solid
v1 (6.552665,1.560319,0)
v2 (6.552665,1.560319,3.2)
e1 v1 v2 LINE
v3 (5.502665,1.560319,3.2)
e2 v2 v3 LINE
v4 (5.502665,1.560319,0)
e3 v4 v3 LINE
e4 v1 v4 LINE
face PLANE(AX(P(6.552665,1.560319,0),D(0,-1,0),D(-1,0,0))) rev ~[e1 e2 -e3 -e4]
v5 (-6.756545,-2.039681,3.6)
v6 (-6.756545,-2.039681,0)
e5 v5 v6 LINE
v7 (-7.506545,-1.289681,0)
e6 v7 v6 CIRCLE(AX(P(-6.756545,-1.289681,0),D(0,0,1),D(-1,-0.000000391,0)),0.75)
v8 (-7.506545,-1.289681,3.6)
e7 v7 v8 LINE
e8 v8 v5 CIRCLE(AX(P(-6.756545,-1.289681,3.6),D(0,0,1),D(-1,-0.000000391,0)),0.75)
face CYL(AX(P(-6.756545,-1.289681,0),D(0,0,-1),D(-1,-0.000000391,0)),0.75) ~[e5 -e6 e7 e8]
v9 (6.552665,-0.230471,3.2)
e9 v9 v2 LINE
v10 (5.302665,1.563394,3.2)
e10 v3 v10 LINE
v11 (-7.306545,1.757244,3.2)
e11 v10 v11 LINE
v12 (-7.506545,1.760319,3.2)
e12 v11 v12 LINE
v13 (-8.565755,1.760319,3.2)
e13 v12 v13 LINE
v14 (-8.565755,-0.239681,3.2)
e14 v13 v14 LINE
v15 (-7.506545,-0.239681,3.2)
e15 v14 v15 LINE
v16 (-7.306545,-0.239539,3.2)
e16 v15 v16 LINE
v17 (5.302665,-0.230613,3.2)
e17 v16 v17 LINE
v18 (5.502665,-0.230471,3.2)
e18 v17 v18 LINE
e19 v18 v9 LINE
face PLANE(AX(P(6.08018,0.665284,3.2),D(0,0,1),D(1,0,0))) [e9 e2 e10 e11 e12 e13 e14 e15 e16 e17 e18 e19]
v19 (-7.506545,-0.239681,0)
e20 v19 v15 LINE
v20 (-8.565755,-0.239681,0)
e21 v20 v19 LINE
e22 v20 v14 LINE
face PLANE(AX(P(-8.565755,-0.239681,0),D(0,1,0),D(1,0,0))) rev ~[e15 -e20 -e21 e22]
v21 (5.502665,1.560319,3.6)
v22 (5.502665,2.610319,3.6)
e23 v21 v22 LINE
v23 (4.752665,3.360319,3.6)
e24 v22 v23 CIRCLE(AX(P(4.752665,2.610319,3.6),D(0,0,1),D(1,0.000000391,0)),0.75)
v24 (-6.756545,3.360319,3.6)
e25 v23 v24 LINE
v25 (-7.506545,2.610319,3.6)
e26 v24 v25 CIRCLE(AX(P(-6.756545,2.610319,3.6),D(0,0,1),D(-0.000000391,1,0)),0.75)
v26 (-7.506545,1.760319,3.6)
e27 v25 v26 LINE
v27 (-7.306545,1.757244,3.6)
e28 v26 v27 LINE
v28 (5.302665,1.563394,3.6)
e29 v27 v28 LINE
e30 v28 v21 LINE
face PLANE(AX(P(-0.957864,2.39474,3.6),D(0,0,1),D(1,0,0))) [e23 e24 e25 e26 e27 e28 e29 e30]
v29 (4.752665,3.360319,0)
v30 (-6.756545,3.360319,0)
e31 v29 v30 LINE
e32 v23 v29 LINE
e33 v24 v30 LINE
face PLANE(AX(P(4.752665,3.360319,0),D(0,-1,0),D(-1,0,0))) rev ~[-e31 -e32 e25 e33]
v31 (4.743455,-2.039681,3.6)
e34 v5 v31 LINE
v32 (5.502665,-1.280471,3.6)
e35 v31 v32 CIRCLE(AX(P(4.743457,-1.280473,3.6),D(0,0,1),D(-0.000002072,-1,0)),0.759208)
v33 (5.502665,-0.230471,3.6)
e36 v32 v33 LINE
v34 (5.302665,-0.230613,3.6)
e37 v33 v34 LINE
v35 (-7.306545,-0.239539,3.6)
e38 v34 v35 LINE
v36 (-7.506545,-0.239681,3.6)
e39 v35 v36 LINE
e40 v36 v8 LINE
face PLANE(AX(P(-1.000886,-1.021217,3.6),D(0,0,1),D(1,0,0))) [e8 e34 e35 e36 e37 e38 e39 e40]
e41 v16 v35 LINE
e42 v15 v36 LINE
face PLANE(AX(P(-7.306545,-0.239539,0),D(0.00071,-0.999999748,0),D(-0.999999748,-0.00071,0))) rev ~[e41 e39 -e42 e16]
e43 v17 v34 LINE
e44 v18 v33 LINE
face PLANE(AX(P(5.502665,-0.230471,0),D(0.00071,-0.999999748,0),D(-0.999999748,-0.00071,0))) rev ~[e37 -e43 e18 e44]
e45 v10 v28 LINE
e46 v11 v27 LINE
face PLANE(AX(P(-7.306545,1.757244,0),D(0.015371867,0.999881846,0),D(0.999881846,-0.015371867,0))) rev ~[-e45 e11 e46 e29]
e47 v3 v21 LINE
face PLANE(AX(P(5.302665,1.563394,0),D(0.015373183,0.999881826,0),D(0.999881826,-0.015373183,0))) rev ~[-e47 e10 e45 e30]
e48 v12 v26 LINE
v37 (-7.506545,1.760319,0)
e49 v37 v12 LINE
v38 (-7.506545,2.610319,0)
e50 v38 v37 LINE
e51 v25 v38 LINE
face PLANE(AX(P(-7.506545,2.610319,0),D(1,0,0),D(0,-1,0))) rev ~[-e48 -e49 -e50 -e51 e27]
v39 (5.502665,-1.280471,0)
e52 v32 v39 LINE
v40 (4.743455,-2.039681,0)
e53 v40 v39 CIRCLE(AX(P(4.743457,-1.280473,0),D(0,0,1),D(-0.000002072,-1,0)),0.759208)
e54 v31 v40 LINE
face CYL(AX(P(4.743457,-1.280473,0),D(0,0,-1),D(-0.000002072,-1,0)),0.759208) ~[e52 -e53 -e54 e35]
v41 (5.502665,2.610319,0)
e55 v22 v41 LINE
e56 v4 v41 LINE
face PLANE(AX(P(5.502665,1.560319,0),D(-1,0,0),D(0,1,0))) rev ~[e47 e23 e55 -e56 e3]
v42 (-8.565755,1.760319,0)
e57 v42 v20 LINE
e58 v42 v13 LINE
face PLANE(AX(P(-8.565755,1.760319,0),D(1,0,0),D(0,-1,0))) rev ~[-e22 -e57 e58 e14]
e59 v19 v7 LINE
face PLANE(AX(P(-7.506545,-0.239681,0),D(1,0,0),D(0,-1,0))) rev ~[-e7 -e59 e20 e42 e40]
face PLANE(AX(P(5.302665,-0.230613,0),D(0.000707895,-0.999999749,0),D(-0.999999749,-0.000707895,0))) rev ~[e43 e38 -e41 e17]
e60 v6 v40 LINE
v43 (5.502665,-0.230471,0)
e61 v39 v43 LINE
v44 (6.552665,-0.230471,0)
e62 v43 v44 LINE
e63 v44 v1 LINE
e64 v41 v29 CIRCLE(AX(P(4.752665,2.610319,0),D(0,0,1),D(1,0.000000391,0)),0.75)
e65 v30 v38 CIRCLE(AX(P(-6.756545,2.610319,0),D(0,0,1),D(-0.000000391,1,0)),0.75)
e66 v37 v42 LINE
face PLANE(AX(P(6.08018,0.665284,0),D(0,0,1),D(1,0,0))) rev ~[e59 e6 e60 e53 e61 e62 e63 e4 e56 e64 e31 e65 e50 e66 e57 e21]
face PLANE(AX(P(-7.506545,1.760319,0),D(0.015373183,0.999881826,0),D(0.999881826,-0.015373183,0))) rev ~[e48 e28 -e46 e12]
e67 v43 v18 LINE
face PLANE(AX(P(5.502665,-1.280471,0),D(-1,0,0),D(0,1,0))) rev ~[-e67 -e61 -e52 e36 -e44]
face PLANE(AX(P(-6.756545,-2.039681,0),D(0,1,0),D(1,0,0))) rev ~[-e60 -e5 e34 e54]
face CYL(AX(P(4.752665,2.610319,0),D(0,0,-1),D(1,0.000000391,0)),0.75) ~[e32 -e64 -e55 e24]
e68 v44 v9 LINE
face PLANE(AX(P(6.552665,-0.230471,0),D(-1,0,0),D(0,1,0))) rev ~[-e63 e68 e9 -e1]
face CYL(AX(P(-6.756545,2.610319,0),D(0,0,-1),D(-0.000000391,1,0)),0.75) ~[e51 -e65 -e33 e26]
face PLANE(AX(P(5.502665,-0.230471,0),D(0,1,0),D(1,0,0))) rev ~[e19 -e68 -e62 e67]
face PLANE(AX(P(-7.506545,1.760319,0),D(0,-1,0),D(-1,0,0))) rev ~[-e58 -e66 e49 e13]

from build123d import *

# Parameters (mm, degrees)
F0_W     = 1.05921
F0_H     = 1.6
F0_W_2   = 1.05
F0_H_2   = 1.39079
F1_DEPTH = 3.2
F2_DEPTH = 3.6


with BuildPart() as f1:
    # F0 (on Top) → F1 (new body)
    with BuildSketch(Plane.XY):
        Polygon((6.352665, 1.360319), (6.352665, -0.030471), (5.302665, -0.030471), (5.302665, -0.230613), (5.502665, -0.230471), (6.552665, -0.230471), (6.552665, 1.560319), (5.502665, 1.560319), (5.302665, 1.563394), (5.302665, 1.360319), align=None)
        with BuildLine():
            Line((5.502665, -0.230471), (5.302665, -0.230613))
            Line((5.302665, -0.230613), (5.302665, -1.280471))
            ThreePointArc((5.302665, -1.280471), (5.138876, -1.675892), (4.743455, -1.839681))
            Line((4.743455, -1.839681), (-6.756545, -1.839681))
            ThreePointArc((-6.756545, -1.839681), (-7.145453, -1.67859), (-7.306545, -1.289681))
            Line((-7.306545, -1.289681), (-7.306545, -0.239539))
            Line((-7.306545, -0.239539), (-7.506545, -0.239681))
            Line((-7.506545, -0.239681), (-7.506545, -1.289681))
            ThreePointArc((-7.506545, -1.289681), (-7.286875, -1.820011), (-6.756545, -2.039681))
            Line((-6.756545, -2.039681), (4.743455, -2.039681))
            ThreePointArc((4.743455, -2.039681), (5.280298, -1.817314), (5.502665, -1.280471))
            Line((5.502665, -1.280471), (5.502665, -0.230471))
        make_face()
        Polygon((-7.506545, -0.239681), (-7.306545, -0.239539), (-7.306545, -0.039681), (-8.365755, -0.039681), (-8.365755, 1.560319), (-7.306545, 1.560319), (-7.306545, 1.757244), (-7.506545, 1.760319), (-8.565755, 1.760319), (-8.565755, -0.239681), align=None)
        with BuildLine():
            Line((5.302665, 2.610319), (5.302665, 1.563394))
            Line((5.302665, 1.563394), (5.502665, 1.560319))
            Line((5.502665, 1.560319), (5.502665, 2.610319))
            ThreePointArc((5.502665, 2.610319), (5.282995, 3.140649), (4.752665, 3.360319))
            Line((4.752665, 3.360319), (-6.756545, 3.360319))
            ThreePointArc((-6.756545, 3.360319), (-7.286875, 3.140649), (-7.506545, 2.610319))
            Line((-7.506545, 2.610319), (-7.506545, 1.760319))
            Line((-7.506545, 1.760319), (-7.306545, 1.757244))
            Line((-7.306545, 1.757244), (-7.306545, 2.610319))
            ThreePointArc((-7.306545, 2.610319), (-7.145453, 2.999228), (-6.756545, 3.160319))
            Line((-6.756545, 3.160319), (4.752665, 3.160319))
            ThreePointArc((4.752665, 3.160319), (5.141574, 2.999228), (5.302665, 2.610319))
        make_face()
        with BuildLine():
            Line((-7.306545, 1.757244), (5.302665, 1.563394))
            Line((5.302665, 1.563394), (5.302665, 2.610319))
            ThreePointArc((5.302665, 2.610319), (5.141574, 2.999228), (4.752665, 3.160319))
            Line((4.752665, 3.160319), (-6.756545, 3.160319))
            ThreePointArc((-6.756545, 3.160319), (-7.145453, 2.999228), (-7.306545, 2.610319))
            Line((-7.306545, 2.610319), (-7.306545, 1.757244))
        make_face()
        with Locations((-7.83615, 0.760319)):
            Rectangle(F0_W, F0_H)
        Polygon((5.302665, -0.230613), (5.302665, -0.030471), (5.302665, 1.360319), (5.302665, 1.563394), (-7.306545, 1.757244), (-7.306545, 1.560319), (-7.306545, -0.039681), (-7.306545, -0.239539), align=None)
        with BuildLine():
            Line((5.302665, -1.280471), (5.302665, -0.230613))
            Line((5.302665, -0.230613), (-7.306545, -0.239539))
            Line((-7.306545, -0.239539), (-7.306545, -1.289681))
            ThreePointArc((-7.306545, -1.289681), (-7.145453, -1.67859), (-6.756545, -1.839681))
            Line((-6.756545, -1.839681), (4.743455, -1.839681))
            ThreePointArc((4.743455, -1.839681), (5.138876, -1.675892), (5.302665, -1.280471))
        make_face()
        with Locations((5.827665, 0.664924)):
            Rectangle(F0_W_2, F0_H_2)
    extrude(amount=F1_DEPTH)

    # F0 (on Top) → F2 (join)
    with BuildSketch(Plane.XY):
        with BuildLine():
            Line((-7.306545, 1.757244), (5.302665, 1.563394))
            Line((5.302665, 1.563394), (5.302665, 2.610319))
            ThreePointArc((5.302665, 2.610319), (5.141574, 2.999228), (4.752665, 3.160319))
            Line((4.752665, 3.160319), (-6.756545, 3.160319))
            ThreePointArc((-6.756545, 3.160319), (-7.145453, 2.999228), (-7.306545, 2.610319))
            Line((-7.306545, 2.610319), (-7.306545, 1.757244))
        make_face()
        with BuildLine():
            Line((5.302665, -1.280471), (5.302665, -0.230613))
            Line((5.302665, -0.230613), (-7.306545, -0.239539))
            Line((-7.306545, -0.239539), (-7.306545, -1.289681))
            ThreePointArc((-7.306545, -1.289681), (-7.145453, -1.67859), (-6.756545, -1.839681))
            Line((-6.756545, -1.839681), (4.743455, -1.839681))
            ThreePointArc((4.743455, -1.839681), (5.138876, -1.675892), (5.302665, -1.280471))
        make_face()
        with BuildLine():
            Line((5.502665, -0.230471), (5.302665, -0.230613))
            Line((5.302665, -0.230613), (5.302665, -1.280471))
            ThreePointArc((5.302665, -1.280471), (5.138876, -1.675892), (4.743455, -1.839681))
            Line((4.743455, -1.839681), (-6.756545, -1.839681))
            ThreePointArc((-6.756545, -1.839681), (-7.145453, -1.67859), (-7.306545, -1.289681))
            Line((-7.306545, -1.289681), (-7.306545, -0.239539))
            Line((-7.306545, -0.239539), (-7.506545, -0.239681))
            Line((-7.506545, -0.239681), (-7.506545, -1.289681))
            ThreePointArc((-7.506545, -1.289681), (-7.286875, -1.820011), (-6.756545, -2.039681))
            Line((-6.756545, -2.039681), (4.743455, -2.039681))
            ThreePointArc((4.743455, -2.039681), (5.280298, -1.817314), (5.502665, -1.280471))
            Line((5.502665, -1.280471), (5.502665, -0.230471))
        make_face()
        with BuildLine():
            Line((5.302665, 2.610319), (5.302665, 1.563394))
            Line((5.302665, 1.563394), (5.502665, 1.560319))
            Line((5.502665, 1.560319), (5.502665, 2.610319))
            ThreePointArc((5.502665, 2.610319), (5.282995, 3.140649), (4.752665, 3.360319))
            Line((4.752665, 3.360319), (-6.756545, 3.360319))
            ThreePointArc((-6.756545, 3.360319), (-7.286875, 3.140649), (-7.506545, 2.610319))
            Line((-7.506545, 2.610319), (-7.506545, 1.760319))
            Line((-7.506545, 1.760319), (-7.306545, 1.757244))
            Line((-7.306545, 1.757244), (-7.306545, 2.610319))
            ThreePointArc((-7.306545, 2.610319), (-7.145453, 2.999228), (-6.756545, 3.160319))
            Line((-6.756545, 3.160319), (4.752665, 3.160319))
            ThreePointArc((4.752665, 3.160319), (5.141574, 2.999228), (5.302665, 2.610319))
        make_face()
    extrude(amount=F2_DEPTH)


solid = f1.part
